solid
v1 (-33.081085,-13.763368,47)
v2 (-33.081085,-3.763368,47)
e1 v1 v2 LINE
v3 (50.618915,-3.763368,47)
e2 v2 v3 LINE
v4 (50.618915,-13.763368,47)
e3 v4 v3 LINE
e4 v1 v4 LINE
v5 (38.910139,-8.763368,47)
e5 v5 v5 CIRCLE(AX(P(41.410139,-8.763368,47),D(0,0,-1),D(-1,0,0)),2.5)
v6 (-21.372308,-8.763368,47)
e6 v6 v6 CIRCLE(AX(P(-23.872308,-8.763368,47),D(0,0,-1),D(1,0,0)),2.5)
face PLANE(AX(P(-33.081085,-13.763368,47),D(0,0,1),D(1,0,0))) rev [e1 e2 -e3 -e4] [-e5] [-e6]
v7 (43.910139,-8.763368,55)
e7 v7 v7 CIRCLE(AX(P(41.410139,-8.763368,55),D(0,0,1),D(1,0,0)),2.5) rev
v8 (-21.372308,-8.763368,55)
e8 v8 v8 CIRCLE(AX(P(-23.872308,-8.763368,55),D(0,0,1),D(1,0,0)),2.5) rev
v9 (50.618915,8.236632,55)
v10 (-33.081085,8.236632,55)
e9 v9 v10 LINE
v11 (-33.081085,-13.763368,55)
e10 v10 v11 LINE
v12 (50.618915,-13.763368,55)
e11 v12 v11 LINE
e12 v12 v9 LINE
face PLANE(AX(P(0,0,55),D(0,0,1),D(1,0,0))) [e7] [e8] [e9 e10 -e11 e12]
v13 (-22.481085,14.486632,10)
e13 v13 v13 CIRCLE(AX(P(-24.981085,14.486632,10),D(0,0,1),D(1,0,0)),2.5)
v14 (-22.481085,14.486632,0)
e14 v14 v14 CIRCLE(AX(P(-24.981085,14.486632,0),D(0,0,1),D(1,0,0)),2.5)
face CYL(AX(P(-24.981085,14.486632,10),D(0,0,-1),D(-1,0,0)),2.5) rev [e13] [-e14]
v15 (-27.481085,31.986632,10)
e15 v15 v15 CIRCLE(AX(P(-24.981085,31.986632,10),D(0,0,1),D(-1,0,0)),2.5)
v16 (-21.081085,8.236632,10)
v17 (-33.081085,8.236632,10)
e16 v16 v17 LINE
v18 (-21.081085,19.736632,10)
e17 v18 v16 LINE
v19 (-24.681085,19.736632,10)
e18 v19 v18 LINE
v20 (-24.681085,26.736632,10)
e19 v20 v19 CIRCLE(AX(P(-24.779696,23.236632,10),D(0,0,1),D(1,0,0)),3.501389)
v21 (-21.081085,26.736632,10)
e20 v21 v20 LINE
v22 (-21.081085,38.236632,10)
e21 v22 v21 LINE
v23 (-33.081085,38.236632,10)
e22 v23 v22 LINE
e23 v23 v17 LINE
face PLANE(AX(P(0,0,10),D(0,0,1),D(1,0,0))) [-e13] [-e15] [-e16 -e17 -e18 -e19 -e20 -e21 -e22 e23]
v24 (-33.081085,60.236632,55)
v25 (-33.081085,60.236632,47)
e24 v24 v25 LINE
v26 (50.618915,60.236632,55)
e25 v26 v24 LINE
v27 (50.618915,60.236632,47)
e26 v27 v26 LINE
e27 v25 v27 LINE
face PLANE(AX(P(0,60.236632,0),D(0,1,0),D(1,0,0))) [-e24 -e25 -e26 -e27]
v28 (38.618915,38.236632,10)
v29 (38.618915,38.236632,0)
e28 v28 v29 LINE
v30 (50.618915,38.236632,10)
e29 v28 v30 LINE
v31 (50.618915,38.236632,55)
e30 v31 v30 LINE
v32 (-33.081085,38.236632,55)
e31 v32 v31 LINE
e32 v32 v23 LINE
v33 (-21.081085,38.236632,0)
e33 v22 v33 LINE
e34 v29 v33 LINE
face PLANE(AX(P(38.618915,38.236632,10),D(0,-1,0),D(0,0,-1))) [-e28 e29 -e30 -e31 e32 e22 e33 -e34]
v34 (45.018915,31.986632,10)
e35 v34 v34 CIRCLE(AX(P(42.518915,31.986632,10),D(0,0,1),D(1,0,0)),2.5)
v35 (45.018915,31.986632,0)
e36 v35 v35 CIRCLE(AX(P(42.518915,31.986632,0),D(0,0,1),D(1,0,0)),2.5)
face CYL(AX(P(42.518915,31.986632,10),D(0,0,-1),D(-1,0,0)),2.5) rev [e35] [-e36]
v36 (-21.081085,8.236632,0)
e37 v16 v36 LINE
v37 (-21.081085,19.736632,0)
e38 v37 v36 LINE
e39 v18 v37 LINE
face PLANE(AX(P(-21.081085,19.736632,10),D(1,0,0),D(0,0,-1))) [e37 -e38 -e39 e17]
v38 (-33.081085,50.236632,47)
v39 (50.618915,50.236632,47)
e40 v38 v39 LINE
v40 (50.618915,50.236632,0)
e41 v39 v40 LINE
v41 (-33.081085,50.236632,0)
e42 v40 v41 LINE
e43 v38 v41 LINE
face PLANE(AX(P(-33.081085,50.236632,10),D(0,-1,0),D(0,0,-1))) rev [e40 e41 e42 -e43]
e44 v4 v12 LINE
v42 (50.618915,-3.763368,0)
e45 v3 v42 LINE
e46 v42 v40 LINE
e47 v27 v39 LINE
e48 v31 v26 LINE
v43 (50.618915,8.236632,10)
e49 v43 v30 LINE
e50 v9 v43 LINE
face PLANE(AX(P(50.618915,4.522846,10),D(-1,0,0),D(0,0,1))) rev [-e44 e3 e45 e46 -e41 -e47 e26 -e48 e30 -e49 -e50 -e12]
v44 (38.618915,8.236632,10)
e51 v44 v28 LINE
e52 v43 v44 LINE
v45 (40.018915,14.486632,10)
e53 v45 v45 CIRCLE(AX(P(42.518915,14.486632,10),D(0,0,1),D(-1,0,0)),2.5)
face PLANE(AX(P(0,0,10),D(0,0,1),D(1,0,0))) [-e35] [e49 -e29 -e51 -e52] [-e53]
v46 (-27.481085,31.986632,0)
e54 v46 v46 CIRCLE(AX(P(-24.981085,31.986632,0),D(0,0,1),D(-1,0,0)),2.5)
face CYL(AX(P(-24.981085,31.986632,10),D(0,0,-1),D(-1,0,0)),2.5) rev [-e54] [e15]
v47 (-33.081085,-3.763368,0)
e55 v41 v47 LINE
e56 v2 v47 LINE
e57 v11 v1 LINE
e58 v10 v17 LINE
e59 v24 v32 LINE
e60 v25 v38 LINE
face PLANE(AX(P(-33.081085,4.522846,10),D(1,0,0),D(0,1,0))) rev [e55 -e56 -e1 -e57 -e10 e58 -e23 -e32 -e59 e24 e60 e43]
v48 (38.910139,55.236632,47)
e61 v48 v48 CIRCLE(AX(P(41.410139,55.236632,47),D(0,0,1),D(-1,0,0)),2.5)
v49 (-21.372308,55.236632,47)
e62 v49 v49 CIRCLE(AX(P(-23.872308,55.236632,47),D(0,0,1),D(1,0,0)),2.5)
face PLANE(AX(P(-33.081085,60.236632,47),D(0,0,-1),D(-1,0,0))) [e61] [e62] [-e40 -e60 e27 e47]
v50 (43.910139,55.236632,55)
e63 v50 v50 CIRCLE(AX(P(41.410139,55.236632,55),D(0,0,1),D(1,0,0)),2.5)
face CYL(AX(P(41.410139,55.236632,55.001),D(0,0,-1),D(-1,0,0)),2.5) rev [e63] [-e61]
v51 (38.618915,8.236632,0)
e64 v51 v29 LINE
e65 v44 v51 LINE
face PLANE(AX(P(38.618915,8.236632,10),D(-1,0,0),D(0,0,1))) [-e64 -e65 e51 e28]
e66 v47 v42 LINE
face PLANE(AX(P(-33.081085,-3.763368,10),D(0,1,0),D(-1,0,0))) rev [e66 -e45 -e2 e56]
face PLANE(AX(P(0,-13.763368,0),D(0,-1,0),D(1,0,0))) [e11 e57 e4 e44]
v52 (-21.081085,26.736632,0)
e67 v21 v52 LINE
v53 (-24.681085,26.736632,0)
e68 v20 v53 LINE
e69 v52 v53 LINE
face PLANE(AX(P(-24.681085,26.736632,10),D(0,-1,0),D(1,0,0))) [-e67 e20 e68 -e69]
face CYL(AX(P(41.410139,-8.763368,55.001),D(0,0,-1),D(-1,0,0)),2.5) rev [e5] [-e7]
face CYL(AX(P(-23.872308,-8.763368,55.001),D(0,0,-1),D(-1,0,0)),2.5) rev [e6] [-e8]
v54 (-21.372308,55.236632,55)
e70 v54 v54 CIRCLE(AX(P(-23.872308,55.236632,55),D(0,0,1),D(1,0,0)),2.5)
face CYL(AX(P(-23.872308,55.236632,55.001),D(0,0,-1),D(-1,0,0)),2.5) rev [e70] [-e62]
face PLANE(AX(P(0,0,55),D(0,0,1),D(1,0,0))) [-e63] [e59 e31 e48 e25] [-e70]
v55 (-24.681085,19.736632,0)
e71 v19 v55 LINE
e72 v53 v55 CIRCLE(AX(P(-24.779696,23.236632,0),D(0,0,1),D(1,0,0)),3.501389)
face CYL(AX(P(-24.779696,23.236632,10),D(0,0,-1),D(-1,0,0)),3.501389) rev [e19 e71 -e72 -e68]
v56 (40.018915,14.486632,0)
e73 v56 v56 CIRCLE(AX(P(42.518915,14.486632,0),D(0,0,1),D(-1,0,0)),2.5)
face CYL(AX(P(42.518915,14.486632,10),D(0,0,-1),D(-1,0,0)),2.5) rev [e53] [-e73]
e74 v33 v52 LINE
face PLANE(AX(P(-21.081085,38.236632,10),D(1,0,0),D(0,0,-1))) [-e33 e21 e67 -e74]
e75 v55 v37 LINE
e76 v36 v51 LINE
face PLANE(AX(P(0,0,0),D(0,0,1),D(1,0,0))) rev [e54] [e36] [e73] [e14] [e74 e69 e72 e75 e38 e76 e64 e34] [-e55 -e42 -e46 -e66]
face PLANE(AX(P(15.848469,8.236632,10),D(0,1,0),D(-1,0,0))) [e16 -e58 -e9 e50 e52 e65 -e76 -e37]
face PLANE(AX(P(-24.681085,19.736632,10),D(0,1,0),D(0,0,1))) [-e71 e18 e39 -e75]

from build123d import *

# Parameters (mm, degrees)
CROQUIS1_R              = 2.5
SALIENTE_EXTRUIR1_DEPTH = 10
CROQUIS2_W              = 83.7
CROQUIS2_H              = 12
SALIENTE_EXTRUIR2_DEPTH = 45
CROQUIS3_W              = 83.7
CROQUIS3_H              = 8
SALIENTE_EXTRUIR3_DEPTH = 10
CORTAR_EXTRUIR1_REACH   = 87.411
CROQUIS4_R              = 2.5


with BuildPart() as part:
    # Croquis1 → Saliente-Extruir1 (new body)
    with BuildSketch(Plane.XY):
        Polygon((-33.081084665, 4.522845957), (-33.081084665, -3.763368441), (50.618915335, -3.763368441), (50.618915335, 4.522845957), (50.618915335, 50.236631559), (-33.081084665, 50.236631559), (-33.081084665, 7.26530538), align=None)
        with Locations((-24.981084665, 14.486631559)):
            Circle(CROQUIS1_R, mode=Mode.SUBTRACT)
        with Locations(Location((-24.981084665, 31.986631559, 0), (0, 0, 180))):
            Circle(CROQUIS1_R, mode=Mode.SUBTRACT)
        with Locations((42.518915335, 31.986631559)):
            Circle(CROQUIS1_R, mode=Mode.SUBTRACT)
        with Locations(Location((42.518915335, 14.486631559, 0), (0, 0, 180))):
            Circle(CROQUIS1_R, mode=Mode.SUBTRACT)
        with BuildLine():
            Line((38.618915335, 38.236631559), (-21.081084665, 38.236631559))
            Line((-21.081084665, 38.236631559), (-21.081084665, 26.736631559))
            Line((-21.081084665, 26.736631559), (-24.681084665, 26.736631559))
            ThreePointArc((-24.681084665, 26.736631559), (-28.281084665, 23.236631559), (-24.681084665, 19.736631559))
            Line((-24.681084665, 19.736631559), (-21.081084665, 19.736631559))
            Line((-21.081084665, 19.736631559), (-21.081084665, 8.236631559))
            Line((-21.081084665, 8.236631559), (15.848469228, 8.236631559))
            Line((15.848469228, 8.236631559), (38.618915335, 8.236631559))
            Line((38.618915335, 8.236631559), (38.618915335, 38.236631559))
        make_face(mode=Mode.SUBTRACT)
    extrude(amount=SALIENTE_EXTRUIR1_DEPTH)

    # Croquis2 → Saliente-Extruir2 (add)
    with BuildSketch(Plane.XY.offset(10)):
        with Locations((8.768915335, 2.236631559)):
            Rectangle(CROQUIS2_W, CROQUIS2_H)
        with Locations((8.768915335, 44.236631559)):
            Rectangle(CROQUIS2_W, CROQUIS2_H)
    extrude(amount=SALIENTE_EXTRUIR2_DEPTH)

    # Croquis3 → Saliente-Extruir3 (add)
    with BuildSketch(Plane.XZ.offset(3.763368441)):
        with Locations((8.768915335, 51)):
            Rectangle(CROQUIS3_W, CROQUIS3_H)
    saliente_extruir3 = extrude(amount=SALIENTE_EXTRUIR3_DEPTH)

    # Croquis4 → Cortar-Extruir1 (cut, up to next)
    with BuildSketch(Plane(origin=(0, 0, 47), x_dir=(-1, 0, 0), z_dir=(0, 0, -1)), mode=Mode.PRIVATE) as cortar_extruir1_sk1:
        with Locations((-41.410138607, -8.763368441)):
            Circle(CROQUIS4_R)
    cortar_extruir1_tool1 = extrude(cortar_extruir1_sk1.sketch, amount=-CORTAR_EXTRUIR1_REACH, mode=Mode.PRIVATE) & part.part
    # Croquis4 → Cortar-Extruir1 (cut, up to next)
    with BuildSketch(Plane(origin=(0, 0, 47), x_dir=(-1, 0, 0), z_dir=(0, 0, -1)), mode=Mode.PRIVATE) as cortar_extruir1_sk2:
        with Locations(Location((23.872307937, -8.763368441, 0), (0, 0, 180))):
            Circle(CROQUIS4_R)
    cortar_extruir1_tool2 = extrude(cortar_extruir1_sk2.sketch, amount=-CORTAR_EXTRUIR1_REACH, mode=Mode.PRIVATE) & part.part
    cortar_extruir1_1 = cortar_extruir1_tool1.solids().sort_by_distance((41.410139, -8.763368, 47))[0]
    add(cortar_extruir1_1, mode=Mode.SUBTRACT)
    cortar_extruir1_2 = cortar_extruir1_tool2.solids().sort_by_distance((-23.872308, -8.763368, 47))[0]
    add(cortar_extruir1_2, mode=Mode.SUBTRACT)
    cortar_extruir1 = cortar_extruir1_1 + cortar_extruir1_2  # Cortar-Extruir1 as one shape, for the pattern or mirror that repeats it

    # Simetría1: Saliente-Extruir3, Cortar-Extruir1 across plane
    add(saliente_extruir3.mirror(Plane.ZX.offset(23.236631559)))
    add(cortar_extruir1.mirror(Plane.ZX.offset(23.236631559)), mode=Mode.SUBTRACT)


solid = part.part
